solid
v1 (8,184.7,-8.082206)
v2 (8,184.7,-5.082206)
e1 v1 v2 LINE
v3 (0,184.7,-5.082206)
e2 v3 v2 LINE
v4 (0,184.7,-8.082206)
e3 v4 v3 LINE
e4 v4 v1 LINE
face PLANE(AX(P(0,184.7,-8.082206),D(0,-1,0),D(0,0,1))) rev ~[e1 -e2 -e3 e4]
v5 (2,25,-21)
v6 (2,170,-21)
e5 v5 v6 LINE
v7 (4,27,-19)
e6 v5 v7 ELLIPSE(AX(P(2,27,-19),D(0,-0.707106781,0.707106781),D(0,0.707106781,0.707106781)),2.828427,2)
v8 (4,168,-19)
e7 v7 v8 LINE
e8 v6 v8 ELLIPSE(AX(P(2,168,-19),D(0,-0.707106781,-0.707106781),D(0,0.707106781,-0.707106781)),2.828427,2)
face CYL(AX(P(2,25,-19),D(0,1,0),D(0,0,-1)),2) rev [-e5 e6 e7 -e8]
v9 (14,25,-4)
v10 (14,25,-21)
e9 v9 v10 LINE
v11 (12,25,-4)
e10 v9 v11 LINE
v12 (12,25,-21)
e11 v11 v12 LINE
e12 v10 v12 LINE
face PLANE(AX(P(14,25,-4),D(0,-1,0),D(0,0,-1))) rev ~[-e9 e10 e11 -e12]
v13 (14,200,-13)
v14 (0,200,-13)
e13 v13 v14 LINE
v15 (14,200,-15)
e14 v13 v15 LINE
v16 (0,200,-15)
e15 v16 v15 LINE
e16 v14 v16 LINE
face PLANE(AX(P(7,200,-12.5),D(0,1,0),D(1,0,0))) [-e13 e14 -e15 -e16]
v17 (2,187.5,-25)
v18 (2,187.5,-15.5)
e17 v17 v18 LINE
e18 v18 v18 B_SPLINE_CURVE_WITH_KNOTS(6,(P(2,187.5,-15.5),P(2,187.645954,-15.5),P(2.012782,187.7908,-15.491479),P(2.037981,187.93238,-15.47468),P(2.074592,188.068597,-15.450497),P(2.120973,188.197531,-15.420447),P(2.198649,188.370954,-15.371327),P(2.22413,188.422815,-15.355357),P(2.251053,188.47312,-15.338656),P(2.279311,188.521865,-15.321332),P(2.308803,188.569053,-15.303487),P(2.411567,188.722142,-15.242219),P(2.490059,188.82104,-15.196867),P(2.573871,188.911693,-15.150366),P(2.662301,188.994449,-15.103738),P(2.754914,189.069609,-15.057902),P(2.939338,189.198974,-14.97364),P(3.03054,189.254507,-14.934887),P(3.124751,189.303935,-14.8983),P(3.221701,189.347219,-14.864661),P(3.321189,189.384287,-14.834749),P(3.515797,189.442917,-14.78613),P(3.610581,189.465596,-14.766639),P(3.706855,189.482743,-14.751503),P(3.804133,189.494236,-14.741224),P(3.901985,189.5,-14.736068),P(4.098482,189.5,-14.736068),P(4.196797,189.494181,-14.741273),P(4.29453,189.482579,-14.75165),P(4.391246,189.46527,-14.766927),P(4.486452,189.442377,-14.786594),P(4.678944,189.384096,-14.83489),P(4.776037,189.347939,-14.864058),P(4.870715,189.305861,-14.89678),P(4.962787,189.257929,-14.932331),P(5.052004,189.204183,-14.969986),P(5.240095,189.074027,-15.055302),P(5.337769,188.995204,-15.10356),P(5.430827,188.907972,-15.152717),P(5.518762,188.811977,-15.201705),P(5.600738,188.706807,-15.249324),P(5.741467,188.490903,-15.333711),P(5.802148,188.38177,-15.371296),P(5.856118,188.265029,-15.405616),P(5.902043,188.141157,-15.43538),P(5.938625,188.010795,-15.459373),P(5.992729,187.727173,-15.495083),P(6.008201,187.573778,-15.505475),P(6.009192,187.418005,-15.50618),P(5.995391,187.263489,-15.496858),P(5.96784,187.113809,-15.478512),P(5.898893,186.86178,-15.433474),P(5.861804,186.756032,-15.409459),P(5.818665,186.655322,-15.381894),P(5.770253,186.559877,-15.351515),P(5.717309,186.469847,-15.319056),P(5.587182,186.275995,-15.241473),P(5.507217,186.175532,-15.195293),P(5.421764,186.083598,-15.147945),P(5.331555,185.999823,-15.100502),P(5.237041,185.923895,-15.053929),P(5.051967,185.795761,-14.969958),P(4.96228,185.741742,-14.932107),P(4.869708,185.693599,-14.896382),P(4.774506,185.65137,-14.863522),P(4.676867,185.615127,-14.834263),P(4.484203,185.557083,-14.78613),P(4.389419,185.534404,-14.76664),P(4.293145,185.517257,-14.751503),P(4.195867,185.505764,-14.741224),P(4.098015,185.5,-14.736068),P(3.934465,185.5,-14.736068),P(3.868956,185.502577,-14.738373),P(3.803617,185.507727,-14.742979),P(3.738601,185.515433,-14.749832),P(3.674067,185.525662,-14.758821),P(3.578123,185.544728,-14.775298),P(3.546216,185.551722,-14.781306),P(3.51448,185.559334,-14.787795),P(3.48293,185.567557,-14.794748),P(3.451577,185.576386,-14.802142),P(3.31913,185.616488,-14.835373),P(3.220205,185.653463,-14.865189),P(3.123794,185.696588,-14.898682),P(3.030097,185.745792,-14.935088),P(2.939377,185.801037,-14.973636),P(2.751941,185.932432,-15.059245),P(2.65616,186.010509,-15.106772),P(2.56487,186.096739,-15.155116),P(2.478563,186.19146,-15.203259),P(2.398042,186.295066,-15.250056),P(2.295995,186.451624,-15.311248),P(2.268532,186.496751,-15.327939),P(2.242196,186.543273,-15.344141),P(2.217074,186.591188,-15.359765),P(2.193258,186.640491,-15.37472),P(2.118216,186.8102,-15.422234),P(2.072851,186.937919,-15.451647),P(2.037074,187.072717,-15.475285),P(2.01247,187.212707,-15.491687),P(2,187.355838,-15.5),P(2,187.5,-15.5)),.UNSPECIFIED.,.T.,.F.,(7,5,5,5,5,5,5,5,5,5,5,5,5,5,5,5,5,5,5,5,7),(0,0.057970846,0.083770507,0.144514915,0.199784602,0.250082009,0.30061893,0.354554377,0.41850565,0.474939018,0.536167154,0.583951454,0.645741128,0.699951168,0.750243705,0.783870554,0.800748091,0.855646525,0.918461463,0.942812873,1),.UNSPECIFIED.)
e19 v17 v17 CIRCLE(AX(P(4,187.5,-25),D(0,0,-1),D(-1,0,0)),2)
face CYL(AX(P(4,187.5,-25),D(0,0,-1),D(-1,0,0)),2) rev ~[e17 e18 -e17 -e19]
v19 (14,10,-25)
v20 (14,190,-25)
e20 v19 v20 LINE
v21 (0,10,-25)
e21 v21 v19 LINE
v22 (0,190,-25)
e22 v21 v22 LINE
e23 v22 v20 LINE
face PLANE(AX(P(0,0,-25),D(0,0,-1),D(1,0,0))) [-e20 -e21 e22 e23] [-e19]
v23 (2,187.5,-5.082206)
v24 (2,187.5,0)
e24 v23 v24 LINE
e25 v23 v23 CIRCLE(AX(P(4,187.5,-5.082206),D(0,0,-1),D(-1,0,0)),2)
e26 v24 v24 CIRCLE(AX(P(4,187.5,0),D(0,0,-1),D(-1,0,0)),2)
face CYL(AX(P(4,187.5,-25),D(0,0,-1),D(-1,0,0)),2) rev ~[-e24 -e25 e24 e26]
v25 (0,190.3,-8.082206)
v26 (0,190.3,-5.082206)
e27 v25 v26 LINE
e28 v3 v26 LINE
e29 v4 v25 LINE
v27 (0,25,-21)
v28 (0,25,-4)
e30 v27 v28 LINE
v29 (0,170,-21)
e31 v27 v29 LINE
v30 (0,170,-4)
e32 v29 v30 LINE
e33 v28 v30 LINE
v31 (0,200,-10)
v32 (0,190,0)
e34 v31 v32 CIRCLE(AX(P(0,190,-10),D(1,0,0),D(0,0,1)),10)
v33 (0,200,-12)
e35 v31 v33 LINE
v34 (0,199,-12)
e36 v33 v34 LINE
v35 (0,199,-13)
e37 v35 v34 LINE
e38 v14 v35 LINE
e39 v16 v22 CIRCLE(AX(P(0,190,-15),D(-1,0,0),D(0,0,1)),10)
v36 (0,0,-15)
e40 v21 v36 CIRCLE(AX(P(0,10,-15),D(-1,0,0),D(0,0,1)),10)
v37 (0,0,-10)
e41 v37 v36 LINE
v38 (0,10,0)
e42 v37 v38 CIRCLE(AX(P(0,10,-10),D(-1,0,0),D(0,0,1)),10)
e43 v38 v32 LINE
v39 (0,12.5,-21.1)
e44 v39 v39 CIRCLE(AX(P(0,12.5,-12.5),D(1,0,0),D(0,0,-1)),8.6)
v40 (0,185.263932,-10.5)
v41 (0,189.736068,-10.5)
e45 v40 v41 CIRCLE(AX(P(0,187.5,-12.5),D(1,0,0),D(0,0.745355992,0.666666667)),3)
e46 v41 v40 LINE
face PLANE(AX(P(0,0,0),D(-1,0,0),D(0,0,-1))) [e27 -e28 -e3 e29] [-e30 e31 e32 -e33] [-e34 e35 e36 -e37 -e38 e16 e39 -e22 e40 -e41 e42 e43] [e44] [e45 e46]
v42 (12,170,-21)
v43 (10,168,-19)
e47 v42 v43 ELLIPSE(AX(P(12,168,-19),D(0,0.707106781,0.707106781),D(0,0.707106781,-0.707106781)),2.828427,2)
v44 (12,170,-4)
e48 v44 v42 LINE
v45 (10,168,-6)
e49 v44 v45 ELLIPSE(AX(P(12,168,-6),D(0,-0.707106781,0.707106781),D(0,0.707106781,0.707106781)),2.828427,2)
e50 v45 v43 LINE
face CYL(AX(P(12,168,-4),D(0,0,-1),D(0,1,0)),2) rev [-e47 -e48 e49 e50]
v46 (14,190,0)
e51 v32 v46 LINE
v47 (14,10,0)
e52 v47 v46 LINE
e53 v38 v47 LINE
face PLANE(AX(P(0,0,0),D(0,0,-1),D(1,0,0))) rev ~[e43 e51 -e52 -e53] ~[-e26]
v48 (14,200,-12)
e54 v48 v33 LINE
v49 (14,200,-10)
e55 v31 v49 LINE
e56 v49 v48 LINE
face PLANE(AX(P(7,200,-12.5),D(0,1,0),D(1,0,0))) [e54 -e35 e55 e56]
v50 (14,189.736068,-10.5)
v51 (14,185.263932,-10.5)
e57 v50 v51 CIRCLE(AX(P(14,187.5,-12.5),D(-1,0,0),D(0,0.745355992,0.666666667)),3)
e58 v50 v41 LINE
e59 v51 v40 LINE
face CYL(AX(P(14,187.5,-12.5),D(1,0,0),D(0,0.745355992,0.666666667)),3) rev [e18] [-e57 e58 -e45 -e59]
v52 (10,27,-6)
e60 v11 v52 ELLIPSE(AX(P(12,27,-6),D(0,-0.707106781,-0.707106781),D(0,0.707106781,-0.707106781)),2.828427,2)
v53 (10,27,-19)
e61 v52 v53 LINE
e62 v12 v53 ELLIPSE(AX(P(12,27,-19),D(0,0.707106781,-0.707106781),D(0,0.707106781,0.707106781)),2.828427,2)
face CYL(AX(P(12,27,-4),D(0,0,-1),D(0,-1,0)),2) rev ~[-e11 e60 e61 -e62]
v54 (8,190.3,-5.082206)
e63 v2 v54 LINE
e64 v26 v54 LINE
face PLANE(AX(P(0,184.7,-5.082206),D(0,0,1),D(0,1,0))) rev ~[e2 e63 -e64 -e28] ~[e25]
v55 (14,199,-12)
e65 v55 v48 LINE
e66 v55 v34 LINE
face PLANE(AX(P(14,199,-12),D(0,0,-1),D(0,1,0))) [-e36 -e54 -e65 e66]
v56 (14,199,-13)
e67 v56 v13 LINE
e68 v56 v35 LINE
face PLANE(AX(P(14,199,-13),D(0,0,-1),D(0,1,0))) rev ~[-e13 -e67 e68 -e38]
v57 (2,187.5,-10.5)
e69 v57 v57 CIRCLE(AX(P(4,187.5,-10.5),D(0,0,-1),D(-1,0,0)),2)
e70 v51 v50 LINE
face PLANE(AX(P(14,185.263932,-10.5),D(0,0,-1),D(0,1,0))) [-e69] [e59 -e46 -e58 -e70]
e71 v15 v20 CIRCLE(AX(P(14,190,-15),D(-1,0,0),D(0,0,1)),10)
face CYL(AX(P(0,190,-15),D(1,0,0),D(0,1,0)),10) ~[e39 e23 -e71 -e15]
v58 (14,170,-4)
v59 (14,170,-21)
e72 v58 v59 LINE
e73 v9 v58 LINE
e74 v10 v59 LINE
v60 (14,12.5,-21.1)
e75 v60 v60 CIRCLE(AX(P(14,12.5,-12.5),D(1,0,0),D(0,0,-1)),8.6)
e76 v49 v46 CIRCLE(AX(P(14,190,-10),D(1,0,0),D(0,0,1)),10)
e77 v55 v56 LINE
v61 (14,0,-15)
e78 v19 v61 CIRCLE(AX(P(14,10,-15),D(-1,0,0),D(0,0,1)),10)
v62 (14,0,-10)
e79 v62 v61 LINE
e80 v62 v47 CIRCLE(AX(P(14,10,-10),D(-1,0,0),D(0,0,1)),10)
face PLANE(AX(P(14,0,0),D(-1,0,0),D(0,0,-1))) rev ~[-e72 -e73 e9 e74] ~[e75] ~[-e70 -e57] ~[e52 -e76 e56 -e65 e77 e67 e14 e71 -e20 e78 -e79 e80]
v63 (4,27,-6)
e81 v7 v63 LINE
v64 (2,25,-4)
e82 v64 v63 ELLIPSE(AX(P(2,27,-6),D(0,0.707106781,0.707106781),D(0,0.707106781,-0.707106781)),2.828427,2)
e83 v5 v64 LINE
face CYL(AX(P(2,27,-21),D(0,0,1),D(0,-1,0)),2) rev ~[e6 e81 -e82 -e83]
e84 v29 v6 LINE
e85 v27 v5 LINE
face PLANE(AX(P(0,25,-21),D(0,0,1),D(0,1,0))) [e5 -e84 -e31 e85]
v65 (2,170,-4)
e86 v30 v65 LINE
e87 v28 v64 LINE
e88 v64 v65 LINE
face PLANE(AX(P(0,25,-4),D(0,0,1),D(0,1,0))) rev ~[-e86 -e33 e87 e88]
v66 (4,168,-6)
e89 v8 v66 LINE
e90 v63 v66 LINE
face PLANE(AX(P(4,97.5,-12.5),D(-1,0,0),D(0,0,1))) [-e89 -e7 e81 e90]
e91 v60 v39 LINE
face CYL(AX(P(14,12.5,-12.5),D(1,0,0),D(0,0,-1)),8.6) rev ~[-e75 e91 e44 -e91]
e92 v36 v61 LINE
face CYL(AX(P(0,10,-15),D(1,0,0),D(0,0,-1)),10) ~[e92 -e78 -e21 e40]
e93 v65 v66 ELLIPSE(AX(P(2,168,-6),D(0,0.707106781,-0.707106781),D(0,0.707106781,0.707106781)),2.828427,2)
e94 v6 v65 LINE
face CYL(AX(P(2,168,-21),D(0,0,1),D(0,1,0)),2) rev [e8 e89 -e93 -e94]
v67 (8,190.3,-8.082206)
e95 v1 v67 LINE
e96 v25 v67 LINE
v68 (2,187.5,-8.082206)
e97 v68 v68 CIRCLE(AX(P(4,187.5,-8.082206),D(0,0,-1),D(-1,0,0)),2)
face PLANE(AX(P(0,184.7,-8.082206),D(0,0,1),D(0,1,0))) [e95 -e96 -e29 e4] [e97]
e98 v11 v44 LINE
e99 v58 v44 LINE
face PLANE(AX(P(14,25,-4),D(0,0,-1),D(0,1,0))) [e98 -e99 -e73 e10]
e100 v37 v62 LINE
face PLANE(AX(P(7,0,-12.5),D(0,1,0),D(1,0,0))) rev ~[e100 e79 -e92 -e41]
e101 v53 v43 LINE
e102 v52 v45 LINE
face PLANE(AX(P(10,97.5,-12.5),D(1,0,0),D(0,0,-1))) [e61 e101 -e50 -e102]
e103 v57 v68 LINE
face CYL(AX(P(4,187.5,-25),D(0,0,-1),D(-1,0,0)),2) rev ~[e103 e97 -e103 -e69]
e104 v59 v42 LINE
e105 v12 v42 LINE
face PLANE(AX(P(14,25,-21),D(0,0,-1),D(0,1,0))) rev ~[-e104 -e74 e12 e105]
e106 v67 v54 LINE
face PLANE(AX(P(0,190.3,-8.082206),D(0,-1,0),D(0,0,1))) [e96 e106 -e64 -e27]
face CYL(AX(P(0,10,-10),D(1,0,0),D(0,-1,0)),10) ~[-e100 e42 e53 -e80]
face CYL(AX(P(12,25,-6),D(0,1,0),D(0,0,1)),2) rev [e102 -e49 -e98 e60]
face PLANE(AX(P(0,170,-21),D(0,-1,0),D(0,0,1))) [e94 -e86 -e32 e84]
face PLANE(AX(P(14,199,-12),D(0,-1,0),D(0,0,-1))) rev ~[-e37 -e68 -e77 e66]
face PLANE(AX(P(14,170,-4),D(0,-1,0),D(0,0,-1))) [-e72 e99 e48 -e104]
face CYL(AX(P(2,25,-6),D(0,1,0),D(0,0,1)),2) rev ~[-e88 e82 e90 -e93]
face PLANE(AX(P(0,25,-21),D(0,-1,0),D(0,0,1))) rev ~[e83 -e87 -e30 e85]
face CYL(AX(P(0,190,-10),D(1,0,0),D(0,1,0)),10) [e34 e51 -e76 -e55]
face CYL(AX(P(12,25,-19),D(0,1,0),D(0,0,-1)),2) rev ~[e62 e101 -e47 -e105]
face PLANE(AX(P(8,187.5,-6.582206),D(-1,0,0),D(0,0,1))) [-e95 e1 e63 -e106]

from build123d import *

# Parameters (mm, degrees)
CROQUIS1_W              = 14
CROQUIS1_H              = 25
SALIENTE_EXTRUIR1_DEPTH = 200
REDONDEO1_R             = 10
REDONDEO2_R             = 10
CROQUIS2_R              = 8.6
CORTAR_EXTRUIR1_DEPTH   = 28
CROQUIS14_R             = 9.913044
SALIENTE_EXTRUIR2_DEPTH = 14
CROQUIS12_R             = 2
CORTAR_EXTRUIR7_DEPTH   = 203.042074826
CROQUIS15_W             = 3
CROQUIS15_H             = 5.6
CORTAR_EXTRUIR9_DEPTH   = 8
CROQUIS16_W             = 17
CROQUIS16_H             = 145
CORTAR_EXTRUIR10_DEPTH  = 4
CROQUIS17_W             = 17
CROQUIS17_H             = 145
CORTAR_EXTRUIR11_DEPTH  = 4
REDONDEO5_R             = 2
REDONDEO6_R             = 2
CROQUIS18_W             = 1
CROQUIS18_H             = 1
CORTAR_EXTRUIR12_DEPTH  = 203.042074845
REDONDEO9_R             = 10
REDONDEO10_R            = 10


with BuildPart() as part:
    # Croquis1 → Saliente-Extruir1 (new body)
    with BuildSketch(Plane(origin=(0, 0, 0), x_dir=(1, 0, 0), z_dir=(0, 1, 0))):
        with Locations((7, 12.5)):
            Rectangle(CROQUIS1_W, CROQUIS1_H)
    extrude(amount=SALIENTE_EXTRUIR1_DEPTH)

    # Redondeo1
    redondeo1_edges = [part.edges().sort_by_distance(p)[0] for p in [
        (7, 0, -25),
    ]]
    fillet(redondeo1_edges, radius=REDONDEO1_R)

    # Redondeo2
    redondeo2_edges = [part.edges().sort_by_distance(p)[0] for p in [
        (7, 0, 0),
    ]]
    fillet(redondeo2_edges, radius=REDONDEO2_R)

    # Croquis2 → Cortar-Extruir1 (cut)
    with BuildSketch(Plane(origin=(14, 0, 0), x_dir=(0, 0, -1), z_dir=(1, 0, 0))):
        with Locations((12.5, 12.5)):
            Circle(CROQUIS2_R)
        with BuildLine():
            Line((10.5, 185.263932023), (10.5, 189.736067977))
            ThreePointArc((10.5, 189.736067977), (15.5, 187.5), (10.5, 185.263932023))
        make_face()
    extrude(amount=-CORTAR_EXTRUIR1_DEPTH, mode=Mode.SUBTRACT)

    # Croquis14 → Saliente-Extruir2 (add)
    with BuildSketch(Plane(origin=(14, 0, 0), x_dir=(0, 0, -1), z_dir=(1, 0, 0))):
        with Locations((12.5, 187.5)):
            Circle(CROQUIS14_R)
        with BuildLine():
            Line((10.5, 185.263932023), (10.5, 189.736067977))
            ThreePointArc((10.5, 189.736067977), (15.5, 187.5), (10.5, 185.263932023))
        make_face(mode=Mode.SUBTRACT)
    extrude(amount=-SALIENTE_EXTRUIR2_DEPTH)

    # Croquis12 → Cortar-Extruir7 (cut, through all)
    with BuildSketch(Plane(origin=(0, 0, -25), x_dir=(-1, 0, 0), z_dir=(0, 0, -1))):
        with Locations((-4, 187.5)):
            Circle(CROQUIS12_R)
    extrude(amount=-CORTAR_EXTRUIR7_DEPTH, mode=Mode.SUBTRACT)

    # Croquis15 → Cortar-Extruir9 (cut)
    with BuildSketch(Plane.ZY):
        with Locations((-6.582205818, 187.5)):
            Rectangle(CROQUIS15_W, CROQUIS15_H)
    extrude(amount=-CORTAR_EXTRUIR9_DEPTH, mode=Mode.SUBTRACT)

    # Croquis16 → Cortar-Extruir10 (cut)
    with BuildSketch(Plane.ZY):
        with Locations((-12.5, 97.5)):
            Rectangle(CROQUIS16_W, CROQUIS16_H)
    extrude(amount=-CORTAR_EXTRUIR10_DEPTH, mode=Mode.SUBTRACT)

    # Croquis17 → Cortar-Extruir11 (cut)
    with BuildSketch(Plane(origin=(14, 0, 0), x_dir=(0, 0, -1), z_dir=(1, 0, 0))):
        with Locations((12.5, 97.5)):
            Rectangle(CROQUIS17_W, CROQUIS17_H)
    extrude(amount=-CORTAR_EXTRUIR11_DEPTH, mode=Mode.SUBTRACT)

    # Redondeo5
    redondeo5_edges = [part.edges().sort_by_distance(p)[0] for p in [
        (4, 97.5, -21),
        (4, 170, -12.5),
        (4, 97.5, -4),
        (4, 25, -12.5),
    ]]
    fillet(redondeo5_edges, radius=REDONDEO5_R)

    # Redondeo6
    redondeo6_edges = [part.edges().sort_by_distance(p)[0] for p in [
        (10, 97.5, -21),
        (10, 25, -12.5),
        (10, 97.5, -4),
        (10, 170, -12.5),
    ]]
    fillet(redondeo6_edges, radius=REDONDEO6_R)

    # Croquis18 → Cortar-Extruir12 (cut, through all)
    with BuildSketch(Plane(origin=(14, 0, 0), x_dir=(0, 0, -1), z_dir=(1, 0, 0))):
        with Locations((12.5, 199.5)):
            Rectangle(CROQUIS18_W, CROQUIS18_H)
    extrude(amount=-CORTAR_EXTRUIR12_DEPTH, mode=Mode.SUBTRACT)

    # Redondeo9
    redondeo9_edges = [part.edges().sort_by_distance(p)[0] for p in [
        (7, 200, 0),
    ]]
    fillet(redondeo9_edges, radius=REDONDEO9_R)

    # Redondeo10
    redondeo10_edges = [part.edges().sort_by_distance(p)[0] for p in [
        (7, 200, -25),
    ]]
    fillet(redondeo10_edges, radius=REDONDEO10_R)


solid = part.part
